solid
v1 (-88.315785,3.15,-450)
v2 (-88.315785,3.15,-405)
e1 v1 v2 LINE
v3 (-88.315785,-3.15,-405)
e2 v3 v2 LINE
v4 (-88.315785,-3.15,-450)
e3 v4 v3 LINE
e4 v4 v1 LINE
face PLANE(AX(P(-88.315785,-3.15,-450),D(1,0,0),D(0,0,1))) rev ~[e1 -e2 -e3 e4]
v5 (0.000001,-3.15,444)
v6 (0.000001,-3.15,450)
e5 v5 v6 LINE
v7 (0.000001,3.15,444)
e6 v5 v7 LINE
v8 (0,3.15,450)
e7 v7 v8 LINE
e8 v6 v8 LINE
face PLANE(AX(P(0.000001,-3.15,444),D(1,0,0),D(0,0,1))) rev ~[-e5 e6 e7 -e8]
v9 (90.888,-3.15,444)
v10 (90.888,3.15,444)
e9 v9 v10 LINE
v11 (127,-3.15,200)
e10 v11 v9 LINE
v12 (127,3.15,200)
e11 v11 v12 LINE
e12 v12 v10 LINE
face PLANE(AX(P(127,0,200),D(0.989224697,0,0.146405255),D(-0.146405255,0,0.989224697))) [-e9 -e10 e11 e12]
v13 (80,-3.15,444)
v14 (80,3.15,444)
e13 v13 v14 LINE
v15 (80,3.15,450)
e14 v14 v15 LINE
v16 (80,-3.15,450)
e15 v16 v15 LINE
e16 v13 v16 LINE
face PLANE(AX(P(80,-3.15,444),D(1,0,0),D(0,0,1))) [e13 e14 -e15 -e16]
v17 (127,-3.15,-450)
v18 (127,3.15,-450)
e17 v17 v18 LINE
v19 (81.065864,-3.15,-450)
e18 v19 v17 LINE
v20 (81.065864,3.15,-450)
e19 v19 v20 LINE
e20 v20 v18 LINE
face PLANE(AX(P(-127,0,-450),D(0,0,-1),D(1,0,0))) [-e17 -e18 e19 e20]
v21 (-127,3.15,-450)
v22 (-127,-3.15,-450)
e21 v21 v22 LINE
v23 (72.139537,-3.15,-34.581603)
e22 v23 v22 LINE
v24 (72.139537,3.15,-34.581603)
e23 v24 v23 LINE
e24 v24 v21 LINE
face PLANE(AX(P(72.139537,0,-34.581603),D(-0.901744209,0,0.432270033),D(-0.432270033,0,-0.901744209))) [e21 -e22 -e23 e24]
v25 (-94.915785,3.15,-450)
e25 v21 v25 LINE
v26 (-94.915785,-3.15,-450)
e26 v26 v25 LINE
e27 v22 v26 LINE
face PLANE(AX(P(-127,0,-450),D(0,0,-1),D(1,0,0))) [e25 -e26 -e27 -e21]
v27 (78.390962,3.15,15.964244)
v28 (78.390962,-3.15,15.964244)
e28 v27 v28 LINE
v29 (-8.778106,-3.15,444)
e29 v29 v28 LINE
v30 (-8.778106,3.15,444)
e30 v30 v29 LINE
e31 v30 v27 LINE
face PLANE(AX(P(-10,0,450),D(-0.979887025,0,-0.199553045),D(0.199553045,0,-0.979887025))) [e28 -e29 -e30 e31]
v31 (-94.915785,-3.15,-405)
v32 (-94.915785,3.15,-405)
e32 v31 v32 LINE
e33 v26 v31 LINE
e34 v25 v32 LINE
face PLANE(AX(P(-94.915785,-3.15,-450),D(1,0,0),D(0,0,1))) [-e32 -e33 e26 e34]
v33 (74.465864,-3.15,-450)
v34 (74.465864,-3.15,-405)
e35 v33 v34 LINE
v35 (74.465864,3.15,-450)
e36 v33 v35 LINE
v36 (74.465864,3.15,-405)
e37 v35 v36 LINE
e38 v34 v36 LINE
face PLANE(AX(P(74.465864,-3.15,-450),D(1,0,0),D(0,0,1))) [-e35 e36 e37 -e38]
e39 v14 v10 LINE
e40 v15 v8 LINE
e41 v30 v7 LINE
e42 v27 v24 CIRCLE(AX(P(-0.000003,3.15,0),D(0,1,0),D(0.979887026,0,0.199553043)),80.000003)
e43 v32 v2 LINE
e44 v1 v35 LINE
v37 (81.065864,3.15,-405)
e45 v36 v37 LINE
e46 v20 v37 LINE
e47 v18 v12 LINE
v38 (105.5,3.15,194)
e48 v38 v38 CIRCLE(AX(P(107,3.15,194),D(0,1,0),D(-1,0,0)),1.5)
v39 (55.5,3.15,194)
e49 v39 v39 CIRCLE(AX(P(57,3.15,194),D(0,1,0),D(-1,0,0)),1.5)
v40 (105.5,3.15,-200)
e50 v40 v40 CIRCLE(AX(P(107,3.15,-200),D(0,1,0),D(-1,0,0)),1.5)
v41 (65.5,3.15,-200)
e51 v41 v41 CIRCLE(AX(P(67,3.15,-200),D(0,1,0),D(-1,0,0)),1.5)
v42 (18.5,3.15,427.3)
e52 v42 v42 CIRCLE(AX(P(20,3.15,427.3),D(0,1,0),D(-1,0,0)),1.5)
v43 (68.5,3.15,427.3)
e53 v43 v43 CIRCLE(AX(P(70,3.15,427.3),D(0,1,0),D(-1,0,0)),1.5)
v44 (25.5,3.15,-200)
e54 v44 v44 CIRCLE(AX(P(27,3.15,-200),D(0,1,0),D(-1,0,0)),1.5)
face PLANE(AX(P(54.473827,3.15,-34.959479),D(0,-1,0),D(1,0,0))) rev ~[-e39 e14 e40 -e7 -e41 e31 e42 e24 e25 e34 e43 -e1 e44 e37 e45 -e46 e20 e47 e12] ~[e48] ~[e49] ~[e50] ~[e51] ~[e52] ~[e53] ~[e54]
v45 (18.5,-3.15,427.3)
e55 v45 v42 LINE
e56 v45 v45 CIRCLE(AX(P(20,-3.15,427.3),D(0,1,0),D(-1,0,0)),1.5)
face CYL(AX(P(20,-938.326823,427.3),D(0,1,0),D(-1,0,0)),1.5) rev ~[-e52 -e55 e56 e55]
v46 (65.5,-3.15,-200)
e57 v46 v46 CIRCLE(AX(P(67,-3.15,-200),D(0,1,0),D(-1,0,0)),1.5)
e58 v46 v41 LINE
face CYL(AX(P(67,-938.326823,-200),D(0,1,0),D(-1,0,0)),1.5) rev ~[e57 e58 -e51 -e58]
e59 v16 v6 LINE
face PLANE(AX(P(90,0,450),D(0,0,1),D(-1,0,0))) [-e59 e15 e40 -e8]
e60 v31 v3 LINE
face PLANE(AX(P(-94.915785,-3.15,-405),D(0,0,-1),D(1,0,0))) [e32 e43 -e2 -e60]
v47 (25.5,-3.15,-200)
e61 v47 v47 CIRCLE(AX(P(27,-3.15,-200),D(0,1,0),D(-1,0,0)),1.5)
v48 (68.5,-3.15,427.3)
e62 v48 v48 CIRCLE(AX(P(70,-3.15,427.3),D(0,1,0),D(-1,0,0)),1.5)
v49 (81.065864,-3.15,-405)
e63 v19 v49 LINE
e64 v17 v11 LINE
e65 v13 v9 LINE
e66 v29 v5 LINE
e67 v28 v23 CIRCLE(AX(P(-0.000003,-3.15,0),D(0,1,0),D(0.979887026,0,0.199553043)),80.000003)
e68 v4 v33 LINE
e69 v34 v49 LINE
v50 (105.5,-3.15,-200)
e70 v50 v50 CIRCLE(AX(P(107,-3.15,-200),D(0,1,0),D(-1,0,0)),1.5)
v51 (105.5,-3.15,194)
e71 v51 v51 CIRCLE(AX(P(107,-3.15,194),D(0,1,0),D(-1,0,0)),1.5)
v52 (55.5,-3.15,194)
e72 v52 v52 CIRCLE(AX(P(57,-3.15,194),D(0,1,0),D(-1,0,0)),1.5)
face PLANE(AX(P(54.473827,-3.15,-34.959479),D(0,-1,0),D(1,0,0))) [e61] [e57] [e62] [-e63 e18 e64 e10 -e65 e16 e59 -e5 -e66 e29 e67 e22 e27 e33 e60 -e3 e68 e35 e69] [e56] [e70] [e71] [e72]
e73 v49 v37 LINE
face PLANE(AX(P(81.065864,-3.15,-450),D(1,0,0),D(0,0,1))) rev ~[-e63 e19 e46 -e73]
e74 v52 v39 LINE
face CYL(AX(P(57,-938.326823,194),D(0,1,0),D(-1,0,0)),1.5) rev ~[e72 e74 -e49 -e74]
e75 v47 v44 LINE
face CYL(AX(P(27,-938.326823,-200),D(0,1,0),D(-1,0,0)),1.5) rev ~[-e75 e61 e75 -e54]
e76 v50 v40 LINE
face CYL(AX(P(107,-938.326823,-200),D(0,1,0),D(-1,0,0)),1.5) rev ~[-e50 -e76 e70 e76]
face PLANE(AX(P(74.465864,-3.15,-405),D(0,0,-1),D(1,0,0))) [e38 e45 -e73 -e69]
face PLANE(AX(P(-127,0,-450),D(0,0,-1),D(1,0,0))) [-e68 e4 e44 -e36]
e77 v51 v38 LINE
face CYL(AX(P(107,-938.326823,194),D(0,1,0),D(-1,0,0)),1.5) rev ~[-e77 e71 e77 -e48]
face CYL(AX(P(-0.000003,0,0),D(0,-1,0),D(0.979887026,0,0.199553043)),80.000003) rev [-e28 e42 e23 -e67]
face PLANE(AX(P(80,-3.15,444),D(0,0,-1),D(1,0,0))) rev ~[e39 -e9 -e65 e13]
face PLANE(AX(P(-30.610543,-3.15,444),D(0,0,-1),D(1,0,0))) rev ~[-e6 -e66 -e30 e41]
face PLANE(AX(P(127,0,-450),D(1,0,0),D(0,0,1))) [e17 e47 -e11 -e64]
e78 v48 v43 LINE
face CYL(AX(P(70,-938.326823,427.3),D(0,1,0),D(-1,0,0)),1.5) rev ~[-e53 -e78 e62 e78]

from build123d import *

# Parameters (mm, degrees)
F1_DEPTH = 3.15
F2_W     = 30.610543
F2_H     = 6
F2_W_2   = 33.654636
F2_W_3   = 6.6
F2_H_2   = 45
F3_DEPTH = 6.301
F5_D     = 3


with BuildPart() as f1:
    # F0 (on Front) → F1 (new body, symmetric)
    with BuildSketch(Plane.XZ):
        with BuildLine():
            Line((90, 450), (-10, 450))
            Line((-10, 450), (78.390962, 15.964244))
            ThreePointArc((78.390962, 15.964244), (79.395078, -9.81945), (72.139537, -34.581603))
            Line((72.139537, -34.581603), (-127, -450))
            Line((-127, -450), (127, -450))
            Line((127, -450), (127, 200))
            Line((127, 200), (90, 450))
        make_face()
    extrude(amount=F1_DEPTH, both=True)

    # F2 (on face) → F3 (cut, through all)
    with BuildSketch(Plane.XZ.offset(3.15)):
        with Locations((-15.305271, 447)):
            Rectangle(F2_W, F2_H)
        with Locations((96.827318, 447)):
            Rectangle(F2_W_2, F2_H)
        with Locations((-91.615785, -427.5)):
            Rectangle(F2_W_3, F2_H_2)
        with Locations((77.765864, -427.5)):
            Rectangle(F2_W_3, F2_H_2)
    extrude(amount=-F3_DEPTH, mode=Mode.SUBTRACT)

    # F5 (through all)
    with Locations(Plane.XZ.offset(3.15)):
        with Locations((20, 427.3), (70, 427.3), (107, 194), (57, 194), (107, -200), (67, -200), (27, -200)):
            Hole(F5_D / 2)


solid = f1.part
